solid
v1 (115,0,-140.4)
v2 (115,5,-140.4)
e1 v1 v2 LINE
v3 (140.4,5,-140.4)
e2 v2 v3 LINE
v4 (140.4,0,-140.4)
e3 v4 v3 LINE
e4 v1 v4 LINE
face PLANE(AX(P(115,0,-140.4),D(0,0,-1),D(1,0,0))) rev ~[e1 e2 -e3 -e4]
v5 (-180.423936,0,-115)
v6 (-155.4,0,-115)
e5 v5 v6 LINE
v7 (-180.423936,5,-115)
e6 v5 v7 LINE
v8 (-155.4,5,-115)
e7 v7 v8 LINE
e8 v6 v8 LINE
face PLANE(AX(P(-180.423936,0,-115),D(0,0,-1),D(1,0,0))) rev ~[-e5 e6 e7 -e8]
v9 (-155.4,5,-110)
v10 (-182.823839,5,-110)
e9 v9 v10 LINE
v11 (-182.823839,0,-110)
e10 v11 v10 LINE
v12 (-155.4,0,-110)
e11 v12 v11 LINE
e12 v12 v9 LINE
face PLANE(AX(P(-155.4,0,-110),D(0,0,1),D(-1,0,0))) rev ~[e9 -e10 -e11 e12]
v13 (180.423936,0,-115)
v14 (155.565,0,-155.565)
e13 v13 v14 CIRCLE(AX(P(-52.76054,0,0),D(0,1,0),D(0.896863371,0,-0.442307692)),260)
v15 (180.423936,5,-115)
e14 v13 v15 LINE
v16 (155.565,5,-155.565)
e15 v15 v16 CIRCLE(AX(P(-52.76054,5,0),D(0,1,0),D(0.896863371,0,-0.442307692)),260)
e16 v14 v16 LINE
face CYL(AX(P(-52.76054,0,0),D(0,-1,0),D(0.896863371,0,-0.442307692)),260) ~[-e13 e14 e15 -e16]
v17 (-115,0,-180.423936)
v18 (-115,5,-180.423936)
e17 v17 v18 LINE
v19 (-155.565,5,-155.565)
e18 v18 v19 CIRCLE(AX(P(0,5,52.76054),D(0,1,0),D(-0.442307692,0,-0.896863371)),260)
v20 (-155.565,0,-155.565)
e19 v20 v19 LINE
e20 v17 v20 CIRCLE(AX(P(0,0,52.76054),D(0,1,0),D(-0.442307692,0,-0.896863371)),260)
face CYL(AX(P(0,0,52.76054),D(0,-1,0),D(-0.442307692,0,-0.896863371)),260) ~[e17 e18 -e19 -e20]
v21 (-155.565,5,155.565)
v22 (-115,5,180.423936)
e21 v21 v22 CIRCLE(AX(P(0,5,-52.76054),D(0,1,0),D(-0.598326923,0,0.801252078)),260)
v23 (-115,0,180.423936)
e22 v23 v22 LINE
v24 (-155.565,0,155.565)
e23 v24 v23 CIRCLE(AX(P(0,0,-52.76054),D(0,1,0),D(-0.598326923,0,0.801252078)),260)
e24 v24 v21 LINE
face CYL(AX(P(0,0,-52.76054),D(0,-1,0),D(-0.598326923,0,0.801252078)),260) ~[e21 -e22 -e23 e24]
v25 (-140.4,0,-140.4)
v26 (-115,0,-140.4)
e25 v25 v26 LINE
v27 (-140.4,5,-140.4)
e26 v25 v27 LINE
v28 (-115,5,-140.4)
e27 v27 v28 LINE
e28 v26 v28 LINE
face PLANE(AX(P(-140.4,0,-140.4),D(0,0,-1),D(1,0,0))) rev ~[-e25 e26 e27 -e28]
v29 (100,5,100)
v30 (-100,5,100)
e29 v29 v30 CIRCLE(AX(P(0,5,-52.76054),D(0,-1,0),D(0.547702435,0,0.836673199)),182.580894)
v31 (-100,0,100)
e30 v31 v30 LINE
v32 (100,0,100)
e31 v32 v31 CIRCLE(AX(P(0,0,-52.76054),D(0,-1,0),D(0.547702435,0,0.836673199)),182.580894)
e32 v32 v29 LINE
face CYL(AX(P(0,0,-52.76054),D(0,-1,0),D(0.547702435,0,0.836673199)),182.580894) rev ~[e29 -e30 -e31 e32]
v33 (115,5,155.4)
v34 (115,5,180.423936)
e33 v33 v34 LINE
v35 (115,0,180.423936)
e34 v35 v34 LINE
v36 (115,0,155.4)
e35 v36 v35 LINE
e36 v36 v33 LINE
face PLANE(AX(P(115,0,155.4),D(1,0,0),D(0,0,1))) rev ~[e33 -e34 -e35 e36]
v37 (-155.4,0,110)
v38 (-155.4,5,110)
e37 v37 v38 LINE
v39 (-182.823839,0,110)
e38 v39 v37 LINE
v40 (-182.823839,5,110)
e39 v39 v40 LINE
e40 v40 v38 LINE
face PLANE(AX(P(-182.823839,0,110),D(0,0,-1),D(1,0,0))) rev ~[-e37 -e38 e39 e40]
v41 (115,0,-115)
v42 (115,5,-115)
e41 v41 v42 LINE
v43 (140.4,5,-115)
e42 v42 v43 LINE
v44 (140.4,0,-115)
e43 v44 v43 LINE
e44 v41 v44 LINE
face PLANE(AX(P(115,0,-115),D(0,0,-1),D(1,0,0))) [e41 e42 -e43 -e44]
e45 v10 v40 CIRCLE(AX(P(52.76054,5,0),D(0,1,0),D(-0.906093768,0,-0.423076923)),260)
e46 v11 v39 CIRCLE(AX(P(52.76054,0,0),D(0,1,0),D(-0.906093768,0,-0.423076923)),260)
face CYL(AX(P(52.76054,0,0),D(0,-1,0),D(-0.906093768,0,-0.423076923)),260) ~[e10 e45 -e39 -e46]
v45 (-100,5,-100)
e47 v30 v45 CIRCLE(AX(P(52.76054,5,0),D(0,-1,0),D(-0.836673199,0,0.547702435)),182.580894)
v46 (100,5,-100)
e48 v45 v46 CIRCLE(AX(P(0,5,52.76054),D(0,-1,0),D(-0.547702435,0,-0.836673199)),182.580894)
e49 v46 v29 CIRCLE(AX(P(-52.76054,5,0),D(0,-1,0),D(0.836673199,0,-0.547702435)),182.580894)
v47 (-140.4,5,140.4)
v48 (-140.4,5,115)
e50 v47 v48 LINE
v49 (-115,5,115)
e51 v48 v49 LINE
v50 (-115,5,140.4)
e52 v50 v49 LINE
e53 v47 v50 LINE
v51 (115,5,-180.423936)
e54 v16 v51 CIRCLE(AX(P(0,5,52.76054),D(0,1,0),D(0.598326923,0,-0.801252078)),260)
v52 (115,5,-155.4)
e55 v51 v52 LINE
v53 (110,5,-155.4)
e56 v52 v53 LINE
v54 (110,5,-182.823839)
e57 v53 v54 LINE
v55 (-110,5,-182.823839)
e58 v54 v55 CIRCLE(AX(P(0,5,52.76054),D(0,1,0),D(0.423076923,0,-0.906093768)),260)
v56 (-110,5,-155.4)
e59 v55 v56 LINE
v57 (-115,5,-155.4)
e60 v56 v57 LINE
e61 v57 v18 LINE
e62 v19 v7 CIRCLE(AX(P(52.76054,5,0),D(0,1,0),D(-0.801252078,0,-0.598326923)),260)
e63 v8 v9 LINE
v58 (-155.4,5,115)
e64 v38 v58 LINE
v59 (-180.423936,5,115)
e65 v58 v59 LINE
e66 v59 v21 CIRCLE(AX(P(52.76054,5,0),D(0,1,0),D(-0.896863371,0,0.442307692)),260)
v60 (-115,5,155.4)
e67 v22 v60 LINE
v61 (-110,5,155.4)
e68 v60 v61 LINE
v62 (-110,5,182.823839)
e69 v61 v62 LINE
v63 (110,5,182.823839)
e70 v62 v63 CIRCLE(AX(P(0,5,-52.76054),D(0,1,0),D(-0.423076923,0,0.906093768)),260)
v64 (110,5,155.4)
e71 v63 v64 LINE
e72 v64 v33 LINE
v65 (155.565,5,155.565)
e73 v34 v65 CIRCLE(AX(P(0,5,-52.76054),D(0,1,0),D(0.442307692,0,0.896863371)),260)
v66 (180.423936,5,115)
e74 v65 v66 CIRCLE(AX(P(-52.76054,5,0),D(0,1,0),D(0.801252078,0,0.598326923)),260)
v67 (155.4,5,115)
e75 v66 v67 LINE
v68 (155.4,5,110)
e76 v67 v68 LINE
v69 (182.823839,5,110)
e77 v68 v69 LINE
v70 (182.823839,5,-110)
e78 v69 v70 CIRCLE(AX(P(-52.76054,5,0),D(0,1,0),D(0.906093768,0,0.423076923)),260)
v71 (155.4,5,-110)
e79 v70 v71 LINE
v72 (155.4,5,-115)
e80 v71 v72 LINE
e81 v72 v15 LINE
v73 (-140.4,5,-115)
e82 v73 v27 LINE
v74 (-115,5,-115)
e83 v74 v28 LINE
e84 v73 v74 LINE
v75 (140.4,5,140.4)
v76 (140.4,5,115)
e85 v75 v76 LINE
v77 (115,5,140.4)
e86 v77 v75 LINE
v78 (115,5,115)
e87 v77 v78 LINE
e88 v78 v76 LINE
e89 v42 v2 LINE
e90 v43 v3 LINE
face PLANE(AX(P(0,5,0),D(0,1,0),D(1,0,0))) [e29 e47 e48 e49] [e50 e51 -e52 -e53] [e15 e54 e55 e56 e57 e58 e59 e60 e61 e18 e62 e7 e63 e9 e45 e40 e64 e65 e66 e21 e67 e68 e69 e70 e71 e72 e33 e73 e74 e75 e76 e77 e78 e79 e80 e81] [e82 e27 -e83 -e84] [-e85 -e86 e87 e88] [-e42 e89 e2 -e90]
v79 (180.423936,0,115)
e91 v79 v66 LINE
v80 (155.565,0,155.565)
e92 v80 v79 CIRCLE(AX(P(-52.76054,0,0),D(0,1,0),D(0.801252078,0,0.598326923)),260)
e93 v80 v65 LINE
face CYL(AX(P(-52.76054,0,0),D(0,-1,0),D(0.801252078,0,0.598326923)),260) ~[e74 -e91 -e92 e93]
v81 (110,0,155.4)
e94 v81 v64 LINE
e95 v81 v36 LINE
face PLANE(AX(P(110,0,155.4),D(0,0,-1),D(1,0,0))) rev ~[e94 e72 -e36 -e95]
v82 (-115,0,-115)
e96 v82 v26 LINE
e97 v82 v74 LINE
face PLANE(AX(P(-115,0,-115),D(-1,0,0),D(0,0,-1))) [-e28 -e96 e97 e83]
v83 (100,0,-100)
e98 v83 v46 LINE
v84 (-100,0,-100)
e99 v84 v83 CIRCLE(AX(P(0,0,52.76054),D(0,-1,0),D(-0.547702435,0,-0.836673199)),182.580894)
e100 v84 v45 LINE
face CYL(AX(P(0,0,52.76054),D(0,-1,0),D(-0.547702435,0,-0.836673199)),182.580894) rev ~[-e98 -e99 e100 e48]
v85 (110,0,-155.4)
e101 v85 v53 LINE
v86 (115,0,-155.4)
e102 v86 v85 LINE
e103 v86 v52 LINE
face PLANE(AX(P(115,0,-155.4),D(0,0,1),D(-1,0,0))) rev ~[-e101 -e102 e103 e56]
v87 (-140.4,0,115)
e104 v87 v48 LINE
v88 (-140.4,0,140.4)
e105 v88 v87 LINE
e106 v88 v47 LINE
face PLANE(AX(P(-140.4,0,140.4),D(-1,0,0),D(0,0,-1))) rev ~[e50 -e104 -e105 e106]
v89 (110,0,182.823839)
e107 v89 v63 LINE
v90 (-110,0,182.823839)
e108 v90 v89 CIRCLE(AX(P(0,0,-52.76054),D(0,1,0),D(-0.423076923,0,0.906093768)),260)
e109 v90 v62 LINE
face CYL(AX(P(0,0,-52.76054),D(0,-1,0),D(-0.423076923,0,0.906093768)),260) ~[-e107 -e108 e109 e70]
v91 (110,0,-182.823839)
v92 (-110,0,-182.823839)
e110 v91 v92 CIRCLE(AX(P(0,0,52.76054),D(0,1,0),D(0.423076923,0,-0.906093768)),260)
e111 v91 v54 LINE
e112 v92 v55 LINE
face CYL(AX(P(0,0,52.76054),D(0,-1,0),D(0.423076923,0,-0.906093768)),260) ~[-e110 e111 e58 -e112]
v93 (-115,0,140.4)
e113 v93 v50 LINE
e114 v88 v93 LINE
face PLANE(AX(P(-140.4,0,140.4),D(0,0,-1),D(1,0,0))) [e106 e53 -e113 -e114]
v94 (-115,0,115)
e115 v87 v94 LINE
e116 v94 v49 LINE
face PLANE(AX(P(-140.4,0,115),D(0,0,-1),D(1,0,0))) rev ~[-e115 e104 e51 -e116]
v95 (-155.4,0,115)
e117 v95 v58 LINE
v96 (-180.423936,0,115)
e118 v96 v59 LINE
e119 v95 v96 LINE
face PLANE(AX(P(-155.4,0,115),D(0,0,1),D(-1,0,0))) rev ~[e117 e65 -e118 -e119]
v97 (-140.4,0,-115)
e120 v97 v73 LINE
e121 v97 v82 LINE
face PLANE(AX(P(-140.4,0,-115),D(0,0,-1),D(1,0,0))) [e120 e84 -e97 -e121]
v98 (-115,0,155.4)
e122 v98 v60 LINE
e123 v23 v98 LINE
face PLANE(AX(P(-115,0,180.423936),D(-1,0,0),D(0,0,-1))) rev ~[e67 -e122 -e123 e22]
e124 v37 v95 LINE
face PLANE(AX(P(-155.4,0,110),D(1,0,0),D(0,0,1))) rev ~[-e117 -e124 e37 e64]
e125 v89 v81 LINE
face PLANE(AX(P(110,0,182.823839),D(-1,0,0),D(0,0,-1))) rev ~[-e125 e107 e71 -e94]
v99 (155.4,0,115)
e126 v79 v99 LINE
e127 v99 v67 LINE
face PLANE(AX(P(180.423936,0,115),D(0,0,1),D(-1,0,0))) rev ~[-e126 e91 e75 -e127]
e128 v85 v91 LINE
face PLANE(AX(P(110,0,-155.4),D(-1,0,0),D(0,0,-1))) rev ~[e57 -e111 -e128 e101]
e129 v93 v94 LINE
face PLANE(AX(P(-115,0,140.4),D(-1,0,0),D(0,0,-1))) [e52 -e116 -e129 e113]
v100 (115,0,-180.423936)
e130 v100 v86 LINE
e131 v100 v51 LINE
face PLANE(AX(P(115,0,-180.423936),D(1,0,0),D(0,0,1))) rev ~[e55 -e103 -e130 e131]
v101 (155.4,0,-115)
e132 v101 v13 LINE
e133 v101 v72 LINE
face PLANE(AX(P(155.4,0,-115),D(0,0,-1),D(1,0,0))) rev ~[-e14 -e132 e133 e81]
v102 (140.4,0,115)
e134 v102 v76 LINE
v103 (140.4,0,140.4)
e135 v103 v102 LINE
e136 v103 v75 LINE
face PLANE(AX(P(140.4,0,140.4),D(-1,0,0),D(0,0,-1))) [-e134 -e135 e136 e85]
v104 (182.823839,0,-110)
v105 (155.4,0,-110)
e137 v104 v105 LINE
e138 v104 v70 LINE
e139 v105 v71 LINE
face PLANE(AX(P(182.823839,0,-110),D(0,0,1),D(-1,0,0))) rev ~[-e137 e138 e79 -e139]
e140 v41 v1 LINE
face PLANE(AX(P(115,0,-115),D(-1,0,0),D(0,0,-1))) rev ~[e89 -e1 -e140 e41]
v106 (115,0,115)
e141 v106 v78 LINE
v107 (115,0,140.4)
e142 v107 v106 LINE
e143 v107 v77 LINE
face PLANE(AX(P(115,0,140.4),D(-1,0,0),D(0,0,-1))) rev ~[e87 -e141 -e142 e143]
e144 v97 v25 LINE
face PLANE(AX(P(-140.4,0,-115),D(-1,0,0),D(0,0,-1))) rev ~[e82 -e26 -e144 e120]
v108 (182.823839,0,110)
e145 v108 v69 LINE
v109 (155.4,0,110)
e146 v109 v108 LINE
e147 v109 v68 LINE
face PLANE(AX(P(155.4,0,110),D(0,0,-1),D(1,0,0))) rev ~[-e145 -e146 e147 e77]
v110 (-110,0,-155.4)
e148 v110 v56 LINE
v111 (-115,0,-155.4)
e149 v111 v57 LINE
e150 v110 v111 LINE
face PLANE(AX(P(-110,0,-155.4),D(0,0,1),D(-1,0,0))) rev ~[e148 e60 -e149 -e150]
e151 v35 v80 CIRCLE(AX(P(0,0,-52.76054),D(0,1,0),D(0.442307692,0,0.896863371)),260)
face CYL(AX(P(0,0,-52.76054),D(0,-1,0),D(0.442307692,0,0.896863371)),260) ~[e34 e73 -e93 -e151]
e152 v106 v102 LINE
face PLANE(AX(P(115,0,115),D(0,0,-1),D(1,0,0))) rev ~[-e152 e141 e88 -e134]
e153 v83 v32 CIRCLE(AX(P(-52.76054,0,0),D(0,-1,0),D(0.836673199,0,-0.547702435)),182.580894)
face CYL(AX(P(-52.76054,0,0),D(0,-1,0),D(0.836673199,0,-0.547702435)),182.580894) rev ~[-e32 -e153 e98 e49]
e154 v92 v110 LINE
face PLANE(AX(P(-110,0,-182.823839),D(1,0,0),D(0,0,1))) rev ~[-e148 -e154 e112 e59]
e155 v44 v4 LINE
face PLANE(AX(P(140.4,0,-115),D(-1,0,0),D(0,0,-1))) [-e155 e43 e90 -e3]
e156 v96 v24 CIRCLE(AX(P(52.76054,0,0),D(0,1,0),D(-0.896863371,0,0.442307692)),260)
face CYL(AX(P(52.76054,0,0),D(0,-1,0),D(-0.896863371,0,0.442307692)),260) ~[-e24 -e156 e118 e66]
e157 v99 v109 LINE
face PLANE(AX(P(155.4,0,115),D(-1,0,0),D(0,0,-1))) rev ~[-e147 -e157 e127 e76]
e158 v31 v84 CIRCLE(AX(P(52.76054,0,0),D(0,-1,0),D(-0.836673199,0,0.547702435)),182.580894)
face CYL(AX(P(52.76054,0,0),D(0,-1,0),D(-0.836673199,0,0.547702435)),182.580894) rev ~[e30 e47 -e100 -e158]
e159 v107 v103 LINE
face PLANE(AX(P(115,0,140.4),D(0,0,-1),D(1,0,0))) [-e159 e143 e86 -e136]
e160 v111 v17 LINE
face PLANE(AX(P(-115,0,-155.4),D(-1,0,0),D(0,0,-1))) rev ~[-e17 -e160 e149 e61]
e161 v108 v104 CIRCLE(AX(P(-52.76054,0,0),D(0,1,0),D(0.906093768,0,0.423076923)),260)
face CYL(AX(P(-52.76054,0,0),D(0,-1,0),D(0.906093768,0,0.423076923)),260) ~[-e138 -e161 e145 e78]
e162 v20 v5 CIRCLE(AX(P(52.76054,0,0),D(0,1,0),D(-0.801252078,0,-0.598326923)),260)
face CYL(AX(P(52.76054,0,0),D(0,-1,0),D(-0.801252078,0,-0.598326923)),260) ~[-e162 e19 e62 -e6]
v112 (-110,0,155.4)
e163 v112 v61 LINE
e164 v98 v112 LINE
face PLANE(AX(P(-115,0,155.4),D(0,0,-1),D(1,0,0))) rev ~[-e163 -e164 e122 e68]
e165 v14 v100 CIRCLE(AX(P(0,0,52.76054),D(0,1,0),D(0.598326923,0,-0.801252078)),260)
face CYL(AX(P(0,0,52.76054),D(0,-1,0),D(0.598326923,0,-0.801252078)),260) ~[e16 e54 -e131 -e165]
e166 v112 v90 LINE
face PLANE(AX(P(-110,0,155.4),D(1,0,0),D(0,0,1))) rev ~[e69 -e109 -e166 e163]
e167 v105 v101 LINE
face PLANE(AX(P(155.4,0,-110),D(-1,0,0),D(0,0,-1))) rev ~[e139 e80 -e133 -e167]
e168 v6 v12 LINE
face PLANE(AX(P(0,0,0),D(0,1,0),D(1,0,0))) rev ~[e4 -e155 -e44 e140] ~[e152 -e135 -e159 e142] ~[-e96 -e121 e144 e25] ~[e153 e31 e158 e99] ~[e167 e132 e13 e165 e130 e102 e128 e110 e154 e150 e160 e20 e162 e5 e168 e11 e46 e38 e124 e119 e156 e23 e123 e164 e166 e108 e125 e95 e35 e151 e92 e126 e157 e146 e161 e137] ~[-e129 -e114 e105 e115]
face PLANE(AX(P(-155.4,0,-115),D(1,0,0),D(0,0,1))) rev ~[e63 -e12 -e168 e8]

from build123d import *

# Parameters (mm, degrees)
SKETCH1_W           = 25.4
SKETCH1_H           = 25.4
BOSS_EXTRUDE1_DEPTH = 5


with BuildPart() as part:
    # Sketch1 → Boss-Extrude1 (new body)
    with BuildSketch(Plane(origin=(0, 0, 0), x_dir=(1, 0, 0), z_dir=(0, 1, 0))):
        with BuildLine():
            Line((115, 155.4), (110, 155.4))
            Line((110, 155.4), (110, 182.823839407))
            ThreePointArc((110, 182.823839407), (0, 207.239459619), (-110, 182.823839407))
            Line((-110, 182.823839407), (-110, 155.4))
            Line((-110, 155.4), (-115, 155.4))
            Line((-115, 155.4), (-115, 180.423935946))
            ThreePointArc((-115, 180.423935946), (-135.852296559, 168.924266315), (-155.565, 155.565))
            ThreePointArc((-155.565, 155.565), (-168.924266315, 135.852296559), (-180.423935946, 115))
            Line((-180.423935946, 115), (-155.4, 115))
            Line((-155.4, 115), (-155.4, 110))
            Line((-155.4, 110), (-182.823839407, 110))
            ThreePointArc((-182.823839407, 110), (-207.239459619, 0), (-182.823839407, -110))
            Line((-182.823839407, -110), (-155.4, -110))
            Line((-155.4, -110), (-155.4, -115))
            Line((-155.4, -115), (-180.423935946, -115))
            ThreePointArc((-180.423935946, -115), (-168.924266315, -135.852296559), (-155.565, -155.565))
            ThreePointArc((-155.565, -155.565), (-135.852296559, -168.924266315), (-115, -180.423935946))
            Line((-115, -180.423935946), (-115, -155.4))
            Line((-115, -155.4), (-110, -155.4))
            Line((-110, -155.4), (-110, -182.823839407))
            ThreePointArc((-110, -182.823839407), (0, -207.239459619), (110, -182.823839407))
            Line((110, -182.823839407), (110, -155.4))
            Line((110, -155.4), (115, -155.4))
            Line((115, -155.4), (115, -180.423935946))
            ThreePointArc((115, -180.423935946), (135.852296559, -168.924266315), (155.565, -155.565))
            ThreePointArc((155.565, -155.565), (168.924266315, -135.852296559), (180.423935946, -115))
            Line((180.423935946, -115), (155.4, -115))
            Line((155.4, -115), (155.4, -110))
            Line((155.4, -110), (182.823839407, -110))
            ThreePointArc((182.823839407, -110), (207.239459619, 0), (182.823839407, 110))
            Line((182.823839407, 110), (155.4, 110))
            Line((155.4, 110), (155.4, 115))
            Line((155.4, 115), (180.423935946, 115))
            ThreePointArc((180.423935946, 115), (168.924266315, 135.852296559), (155.565, 155.565))
            ThreePointArc((155.565, 155.565), (135.852296559, 168.924266315), (115, 180.423935946))
            Line((115, 180.423935946), (115, 155.4))
        make_face()
        with Locations((127.7, 127.7)):
            Rectangle(SKETCH1_W, SKETCH1_H, mode=Mode.SUBTRACT)
        with Locations((-127.7, 127.7)):
            Rectangle(SKETCH1_W, SKETCH1_H, mode=Mode.SUBTRACT)
        with Locations((127.7, -127.7)):
            Rectangle(SKETCH1_W, SKETCH1_H, mode=Mode.SUBTRACT)
        with Locations((-127.7, -127.7)):
            Rectangle(SKETCH1_W, SKETCH1_H, mode=Mode.SUBTRACT)
        with BuildLine():
            ThreePointArc((-100, 100), (0, 129.820353191), (100, 100))
            ThreePointArc((100, 100), (129.820353191, 0), (100, -100))
            ThreePointArc((100, -100), (0, -129.820353191), (-100, -100))
            ThreePointArc((-100, -100), (-129.820353191, 0), (-100, 100))
        make_face(mode=Mode.SUBTRACT)
    extrude(amount=BOSS_EXTRUDE1_DEPTH)


solid = part.part
